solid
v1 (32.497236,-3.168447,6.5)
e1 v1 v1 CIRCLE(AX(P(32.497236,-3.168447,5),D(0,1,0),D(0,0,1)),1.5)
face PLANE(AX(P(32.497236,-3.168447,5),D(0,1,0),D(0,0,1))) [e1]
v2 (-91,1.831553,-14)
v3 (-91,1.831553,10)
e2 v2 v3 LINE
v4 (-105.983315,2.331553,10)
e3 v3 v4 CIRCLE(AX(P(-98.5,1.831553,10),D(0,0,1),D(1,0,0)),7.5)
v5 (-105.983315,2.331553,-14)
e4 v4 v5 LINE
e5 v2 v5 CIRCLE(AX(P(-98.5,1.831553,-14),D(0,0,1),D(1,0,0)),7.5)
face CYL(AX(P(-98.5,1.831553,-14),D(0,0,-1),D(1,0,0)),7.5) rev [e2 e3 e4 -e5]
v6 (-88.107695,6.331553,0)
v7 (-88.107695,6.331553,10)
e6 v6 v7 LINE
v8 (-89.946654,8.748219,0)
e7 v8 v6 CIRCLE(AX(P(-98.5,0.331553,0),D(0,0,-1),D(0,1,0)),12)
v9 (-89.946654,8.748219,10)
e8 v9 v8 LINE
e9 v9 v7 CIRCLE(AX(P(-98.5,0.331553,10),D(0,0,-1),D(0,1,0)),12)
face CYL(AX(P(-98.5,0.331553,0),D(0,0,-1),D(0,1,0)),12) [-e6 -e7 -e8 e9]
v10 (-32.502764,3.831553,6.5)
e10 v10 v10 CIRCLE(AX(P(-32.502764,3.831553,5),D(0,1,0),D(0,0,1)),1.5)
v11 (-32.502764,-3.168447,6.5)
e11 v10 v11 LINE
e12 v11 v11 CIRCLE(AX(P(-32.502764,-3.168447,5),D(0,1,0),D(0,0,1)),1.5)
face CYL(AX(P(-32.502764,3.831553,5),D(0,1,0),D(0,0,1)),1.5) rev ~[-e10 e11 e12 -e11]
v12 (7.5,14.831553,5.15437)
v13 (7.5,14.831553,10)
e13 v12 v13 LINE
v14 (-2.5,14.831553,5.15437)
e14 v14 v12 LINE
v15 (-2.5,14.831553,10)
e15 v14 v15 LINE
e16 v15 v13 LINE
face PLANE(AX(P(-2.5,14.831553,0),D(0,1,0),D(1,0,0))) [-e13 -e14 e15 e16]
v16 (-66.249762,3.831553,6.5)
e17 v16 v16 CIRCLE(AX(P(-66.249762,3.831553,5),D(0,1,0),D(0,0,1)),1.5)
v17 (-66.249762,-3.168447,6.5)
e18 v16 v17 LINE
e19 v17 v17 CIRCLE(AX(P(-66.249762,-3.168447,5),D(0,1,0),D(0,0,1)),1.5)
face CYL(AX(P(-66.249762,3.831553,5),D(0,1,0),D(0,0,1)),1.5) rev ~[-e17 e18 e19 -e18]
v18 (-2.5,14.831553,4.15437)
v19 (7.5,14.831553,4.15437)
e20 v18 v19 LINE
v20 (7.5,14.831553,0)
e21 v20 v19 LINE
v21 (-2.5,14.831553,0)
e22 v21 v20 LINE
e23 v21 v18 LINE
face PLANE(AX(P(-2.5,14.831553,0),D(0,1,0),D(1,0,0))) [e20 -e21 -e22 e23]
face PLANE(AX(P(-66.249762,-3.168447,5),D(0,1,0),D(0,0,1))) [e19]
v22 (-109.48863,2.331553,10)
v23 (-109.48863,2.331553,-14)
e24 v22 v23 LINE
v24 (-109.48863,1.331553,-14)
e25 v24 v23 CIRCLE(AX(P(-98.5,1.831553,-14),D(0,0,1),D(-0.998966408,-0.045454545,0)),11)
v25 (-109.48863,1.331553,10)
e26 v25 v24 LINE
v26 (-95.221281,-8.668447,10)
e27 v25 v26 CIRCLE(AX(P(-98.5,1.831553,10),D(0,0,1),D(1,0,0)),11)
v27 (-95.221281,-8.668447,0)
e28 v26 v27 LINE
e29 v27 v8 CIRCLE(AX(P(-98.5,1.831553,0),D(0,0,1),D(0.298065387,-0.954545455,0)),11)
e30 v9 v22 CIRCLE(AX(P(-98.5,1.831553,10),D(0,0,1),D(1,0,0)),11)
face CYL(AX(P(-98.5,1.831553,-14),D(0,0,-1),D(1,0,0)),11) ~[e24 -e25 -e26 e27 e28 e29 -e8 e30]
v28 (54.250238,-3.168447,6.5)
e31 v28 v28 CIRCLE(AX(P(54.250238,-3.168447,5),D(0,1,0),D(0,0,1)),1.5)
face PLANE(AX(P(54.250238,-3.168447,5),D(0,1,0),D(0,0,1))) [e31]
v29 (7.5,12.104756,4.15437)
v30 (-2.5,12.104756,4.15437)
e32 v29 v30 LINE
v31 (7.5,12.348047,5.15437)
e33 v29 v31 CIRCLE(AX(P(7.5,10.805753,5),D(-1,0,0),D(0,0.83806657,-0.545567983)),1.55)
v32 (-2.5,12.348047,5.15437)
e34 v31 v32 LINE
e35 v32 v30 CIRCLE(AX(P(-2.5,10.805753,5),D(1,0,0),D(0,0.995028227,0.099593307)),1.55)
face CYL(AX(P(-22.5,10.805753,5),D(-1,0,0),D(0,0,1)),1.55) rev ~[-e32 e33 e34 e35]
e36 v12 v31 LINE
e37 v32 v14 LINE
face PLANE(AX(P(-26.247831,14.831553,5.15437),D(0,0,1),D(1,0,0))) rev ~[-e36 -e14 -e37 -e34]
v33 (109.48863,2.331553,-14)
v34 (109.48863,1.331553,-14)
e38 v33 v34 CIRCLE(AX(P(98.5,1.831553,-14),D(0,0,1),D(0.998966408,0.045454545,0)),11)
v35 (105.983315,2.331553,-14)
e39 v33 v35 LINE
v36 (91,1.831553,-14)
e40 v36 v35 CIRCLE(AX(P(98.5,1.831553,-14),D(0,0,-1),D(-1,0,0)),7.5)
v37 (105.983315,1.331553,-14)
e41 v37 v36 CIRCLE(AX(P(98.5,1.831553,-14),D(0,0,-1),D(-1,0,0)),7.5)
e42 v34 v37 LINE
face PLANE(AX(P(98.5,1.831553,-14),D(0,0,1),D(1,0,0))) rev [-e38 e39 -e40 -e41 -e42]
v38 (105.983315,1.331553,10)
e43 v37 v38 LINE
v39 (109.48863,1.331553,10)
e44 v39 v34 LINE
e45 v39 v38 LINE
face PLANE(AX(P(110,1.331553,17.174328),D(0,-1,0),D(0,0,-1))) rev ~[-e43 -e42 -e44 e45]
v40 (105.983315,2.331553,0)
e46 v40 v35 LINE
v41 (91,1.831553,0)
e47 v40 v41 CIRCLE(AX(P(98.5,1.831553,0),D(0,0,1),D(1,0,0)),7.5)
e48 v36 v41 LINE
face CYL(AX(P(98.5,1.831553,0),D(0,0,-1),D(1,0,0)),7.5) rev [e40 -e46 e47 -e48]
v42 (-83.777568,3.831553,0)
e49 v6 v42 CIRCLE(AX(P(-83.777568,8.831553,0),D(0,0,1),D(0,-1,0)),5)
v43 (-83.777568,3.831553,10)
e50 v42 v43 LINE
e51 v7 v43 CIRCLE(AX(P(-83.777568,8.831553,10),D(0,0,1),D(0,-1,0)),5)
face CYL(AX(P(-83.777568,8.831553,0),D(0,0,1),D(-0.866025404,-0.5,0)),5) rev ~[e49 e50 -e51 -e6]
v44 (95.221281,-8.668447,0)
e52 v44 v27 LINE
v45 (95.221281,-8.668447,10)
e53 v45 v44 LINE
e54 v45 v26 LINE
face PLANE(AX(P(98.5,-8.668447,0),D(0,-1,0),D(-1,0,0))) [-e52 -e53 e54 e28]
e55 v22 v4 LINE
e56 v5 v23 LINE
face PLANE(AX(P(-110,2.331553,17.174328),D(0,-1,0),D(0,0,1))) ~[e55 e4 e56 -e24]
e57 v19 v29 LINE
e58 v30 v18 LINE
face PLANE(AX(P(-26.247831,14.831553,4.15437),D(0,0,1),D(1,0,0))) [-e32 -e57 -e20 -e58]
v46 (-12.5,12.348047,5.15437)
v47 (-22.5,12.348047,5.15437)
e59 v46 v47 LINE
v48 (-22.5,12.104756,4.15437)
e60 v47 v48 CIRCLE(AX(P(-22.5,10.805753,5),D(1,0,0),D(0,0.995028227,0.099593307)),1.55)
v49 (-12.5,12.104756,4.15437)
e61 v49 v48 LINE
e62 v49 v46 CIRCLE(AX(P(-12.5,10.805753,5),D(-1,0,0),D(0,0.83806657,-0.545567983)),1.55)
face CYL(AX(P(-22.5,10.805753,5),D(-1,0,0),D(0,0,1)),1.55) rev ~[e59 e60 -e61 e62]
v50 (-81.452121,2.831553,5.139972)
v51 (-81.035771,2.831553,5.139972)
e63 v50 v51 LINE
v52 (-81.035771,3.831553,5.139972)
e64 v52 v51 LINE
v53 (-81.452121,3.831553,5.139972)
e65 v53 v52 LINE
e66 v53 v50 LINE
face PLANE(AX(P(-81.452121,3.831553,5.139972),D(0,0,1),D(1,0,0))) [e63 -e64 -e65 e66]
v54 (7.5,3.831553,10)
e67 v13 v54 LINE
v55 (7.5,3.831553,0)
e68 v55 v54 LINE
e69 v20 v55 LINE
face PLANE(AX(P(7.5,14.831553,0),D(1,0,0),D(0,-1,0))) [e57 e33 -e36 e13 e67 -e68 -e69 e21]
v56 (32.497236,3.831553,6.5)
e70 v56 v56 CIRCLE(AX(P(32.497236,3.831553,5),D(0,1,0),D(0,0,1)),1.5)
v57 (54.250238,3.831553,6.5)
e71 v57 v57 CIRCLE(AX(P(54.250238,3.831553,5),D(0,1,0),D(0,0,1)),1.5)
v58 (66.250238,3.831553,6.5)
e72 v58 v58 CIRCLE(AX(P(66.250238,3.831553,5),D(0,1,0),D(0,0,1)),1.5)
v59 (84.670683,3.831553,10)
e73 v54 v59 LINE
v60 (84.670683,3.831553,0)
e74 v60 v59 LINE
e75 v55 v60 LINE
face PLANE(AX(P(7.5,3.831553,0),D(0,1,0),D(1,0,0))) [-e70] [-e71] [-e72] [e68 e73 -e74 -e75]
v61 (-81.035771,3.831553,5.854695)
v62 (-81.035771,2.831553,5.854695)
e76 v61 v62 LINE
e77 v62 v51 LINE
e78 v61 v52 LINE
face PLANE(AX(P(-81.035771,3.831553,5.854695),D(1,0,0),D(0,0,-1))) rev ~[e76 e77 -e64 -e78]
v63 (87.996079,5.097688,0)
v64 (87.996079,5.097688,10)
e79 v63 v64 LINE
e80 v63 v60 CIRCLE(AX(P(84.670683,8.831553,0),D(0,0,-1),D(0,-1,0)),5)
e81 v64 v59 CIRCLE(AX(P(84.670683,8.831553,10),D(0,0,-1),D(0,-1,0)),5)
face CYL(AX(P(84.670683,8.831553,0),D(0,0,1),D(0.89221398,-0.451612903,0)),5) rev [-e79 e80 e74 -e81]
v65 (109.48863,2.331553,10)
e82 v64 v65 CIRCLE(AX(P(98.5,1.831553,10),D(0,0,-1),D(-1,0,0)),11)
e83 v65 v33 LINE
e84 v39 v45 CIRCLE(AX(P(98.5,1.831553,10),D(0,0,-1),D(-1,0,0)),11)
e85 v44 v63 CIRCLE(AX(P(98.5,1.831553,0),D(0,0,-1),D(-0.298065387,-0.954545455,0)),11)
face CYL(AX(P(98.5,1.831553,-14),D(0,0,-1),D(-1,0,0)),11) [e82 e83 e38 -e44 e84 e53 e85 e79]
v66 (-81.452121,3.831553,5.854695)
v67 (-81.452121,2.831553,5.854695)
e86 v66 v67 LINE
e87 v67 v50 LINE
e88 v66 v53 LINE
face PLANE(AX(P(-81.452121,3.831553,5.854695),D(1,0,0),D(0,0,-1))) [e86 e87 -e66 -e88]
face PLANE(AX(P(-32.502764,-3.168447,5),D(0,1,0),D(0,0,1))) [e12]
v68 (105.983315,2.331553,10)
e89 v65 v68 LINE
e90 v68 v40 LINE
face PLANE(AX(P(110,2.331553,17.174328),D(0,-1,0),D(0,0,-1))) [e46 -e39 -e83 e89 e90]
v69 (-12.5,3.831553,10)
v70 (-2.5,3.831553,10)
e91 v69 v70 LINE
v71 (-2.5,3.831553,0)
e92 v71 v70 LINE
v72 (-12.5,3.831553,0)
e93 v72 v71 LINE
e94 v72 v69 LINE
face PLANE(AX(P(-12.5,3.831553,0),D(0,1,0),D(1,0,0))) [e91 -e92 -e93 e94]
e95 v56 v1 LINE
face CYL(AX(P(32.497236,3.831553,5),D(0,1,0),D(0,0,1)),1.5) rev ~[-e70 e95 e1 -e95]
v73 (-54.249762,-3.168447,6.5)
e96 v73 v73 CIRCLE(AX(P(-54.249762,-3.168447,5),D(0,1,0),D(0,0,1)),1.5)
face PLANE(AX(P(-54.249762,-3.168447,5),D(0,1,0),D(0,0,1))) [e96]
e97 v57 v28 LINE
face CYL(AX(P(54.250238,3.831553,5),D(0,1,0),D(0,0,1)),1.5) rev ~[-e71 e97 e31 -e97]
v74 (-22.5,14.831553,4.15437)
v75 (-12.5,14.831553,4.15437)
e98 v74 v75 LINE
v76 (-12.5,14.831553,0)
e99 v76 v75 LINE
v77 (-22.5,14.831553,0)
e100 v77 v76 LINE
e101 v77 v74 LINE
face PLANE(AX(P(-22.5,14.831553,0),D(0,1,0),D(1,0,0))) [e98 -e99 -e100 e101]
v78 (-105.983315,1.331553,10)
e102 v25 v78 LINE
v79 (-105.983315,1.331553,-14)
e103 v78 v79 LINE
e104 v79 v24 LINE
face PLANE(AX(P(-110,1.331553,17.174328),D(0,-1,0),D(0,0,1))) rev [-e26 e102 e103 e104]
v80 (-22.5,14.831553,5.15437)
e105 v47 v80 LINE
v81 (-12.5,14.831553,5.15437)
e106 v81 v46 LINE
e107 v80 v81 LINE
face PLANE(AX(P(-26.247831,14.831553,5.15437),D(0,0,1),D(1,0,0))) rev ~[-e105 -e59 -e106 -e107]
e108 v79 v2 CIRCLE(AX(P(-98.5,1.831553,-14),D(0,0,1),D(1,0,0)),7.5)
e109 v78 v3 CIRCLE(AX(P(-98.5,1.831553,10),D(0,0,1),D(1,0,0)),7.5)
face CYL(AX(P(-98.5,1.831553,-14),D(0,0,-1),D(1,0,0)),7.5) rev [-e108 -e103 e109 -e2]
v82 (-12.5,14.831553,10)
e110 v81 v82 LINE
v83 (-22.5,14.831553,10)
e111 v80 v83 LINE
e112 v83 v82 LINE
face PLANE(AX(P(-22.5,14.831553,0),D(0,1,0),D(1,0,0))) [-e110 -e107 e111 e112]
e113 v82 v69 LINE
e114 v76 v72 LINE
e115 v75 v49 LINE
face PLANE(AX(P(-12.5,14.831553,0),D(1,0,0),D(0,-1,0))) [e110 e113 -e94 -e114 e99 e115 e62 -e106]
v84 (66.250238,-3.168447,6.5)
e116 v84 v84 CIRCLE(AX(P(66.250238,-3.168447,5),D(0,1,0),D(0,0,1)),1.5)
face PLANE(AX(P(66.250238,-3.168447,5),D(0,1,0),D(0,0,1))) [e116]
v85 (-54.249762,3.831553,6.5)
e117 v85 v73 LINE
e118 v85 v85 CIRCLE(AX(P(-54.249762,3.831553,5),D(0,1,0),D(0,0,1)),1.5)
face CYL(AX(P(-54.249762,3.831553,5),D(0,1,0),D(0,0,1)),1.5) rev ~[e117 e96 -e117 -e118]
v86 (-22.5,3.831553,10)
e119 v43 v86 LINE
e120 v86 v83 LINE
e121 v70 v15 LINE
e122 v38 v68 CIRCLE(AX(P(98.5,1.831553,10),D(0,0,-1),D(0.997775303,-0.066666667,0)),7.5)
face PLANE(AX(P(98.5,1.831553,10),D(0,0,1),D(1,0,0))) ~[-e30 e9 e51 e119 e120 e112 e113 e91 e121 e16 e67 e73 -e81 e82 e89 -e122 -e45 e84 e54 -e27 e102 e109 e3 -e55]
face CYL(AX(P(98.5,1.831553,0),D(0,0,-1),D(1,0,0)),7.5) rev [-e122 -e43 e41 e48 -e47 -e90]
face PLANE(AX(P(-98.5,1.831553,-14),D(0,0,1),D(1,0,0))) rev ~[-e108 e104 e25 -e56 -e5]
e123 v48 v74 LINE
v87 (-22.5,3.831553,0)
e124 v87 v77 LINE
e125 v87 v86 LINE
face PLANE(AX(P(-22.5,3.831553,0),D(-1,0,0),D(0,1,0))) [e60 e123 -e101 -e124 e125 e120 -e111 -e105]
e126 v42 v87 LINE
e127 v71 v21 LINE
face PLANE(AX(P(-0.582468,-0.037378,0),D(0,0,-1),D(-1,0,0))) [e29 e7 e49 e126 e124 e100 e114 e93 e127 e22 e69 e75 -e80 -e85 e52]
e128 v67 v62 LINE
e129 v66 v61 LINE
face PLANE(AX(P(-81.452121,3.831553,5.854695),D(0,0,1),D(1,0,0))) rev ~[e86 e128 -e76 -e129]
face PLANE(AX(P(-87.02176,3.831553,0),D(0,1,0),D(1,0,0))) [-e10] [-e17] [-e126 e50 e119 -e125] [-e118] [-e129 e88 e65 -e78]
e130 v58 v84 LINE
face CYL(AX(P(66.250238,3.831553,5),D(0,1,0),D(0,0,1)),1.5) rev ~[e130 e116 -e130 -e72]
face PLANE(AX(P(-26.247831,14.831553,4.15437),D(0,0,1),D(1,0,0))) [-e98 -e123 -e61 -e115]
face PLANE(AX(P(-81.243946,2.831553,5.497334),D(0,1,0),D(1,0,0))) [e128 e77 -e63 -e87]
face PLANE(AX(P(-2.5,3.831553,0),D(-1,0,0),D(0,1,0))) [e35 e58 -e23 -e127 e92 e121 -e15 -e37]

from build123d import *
from build123d.topology import SkipClean

# Parameters (mm, degrees)
SKETCH2_R           = 7.5
BOSS_EXTRUDE1_DEPTH = 10
FILLET1_R           = 5
BOSS_EXTRUDE2_START = -24
SKETCH3_R           = 11
SKETCH3_R_2         = 7.5
BOSS_EXTRUDE2_DEPTH = 24
CUT_EXTRUDE1_REACH  = 135.566
SKETCH4_R           = 1.55
SKETCH6_W           = 37.11251069
SKETCH6_H           = 1
CUT_EXTRUDE3_DEPTH  = 10
SKETCH7_W           = 36.737317401
SKETCH7_H           = 1
CUT_EXTRUDE4_DEPTH  = 3
FILLET2_R           = 5
SKETCH9_W           = 0.416349778
SKETCH9_H           = 0.714723325
CUT_EXTRUDE6_DEPTH  = 1
SKETCH8_R           = 1.5
CUT_EXTRUDE5_DEPTH  = 7


with BuildPart() as part:
    # Sketch2 → Boss-Extrude1 (new body)
    with BuildSketch(Plane.XY):
        with BuildLine():
            Line((-22.5, 3.831552556), (-22.5, 14.831552556))
            Line((-22.5, 14.831552556), (-12.5, 14.831552556))
            Line((-12.5, 14.831552556), (-12.5, 3.831552556))
            Line((-12.5, 3.831552556), (-2.5, 3.831552556))
            Line((-2.5, 3.831552556), (-2.5, 14.831552556))
            Line((-2.5, 14.831552556), (7.5, 14.831552556))
            Line((7.5, 14.831552556), (7.5, 3.831552556))
            Line((7.5, 3.831552556), (88.192235936, 3.831552556))
            ThreePointArc((88.192235936, 3.831552556), (91.819805392, 9.932478429), (98.5, 12.331552556))
            ThreePointArc((98.5, 12.331552556), (109, 1.831552556), (98.5, -8.668447444))
            Line((98.5, -8.668447444), (-98.5, -8.668447444))
            ThreePointArc((-98.5, -8.668447444), (-109, 1.831552556), (-98.5, 12.331552556))
            ThreePointArc((-98.5, 12.331552556), (-91.358571571, 9.975203317), (-87.021759717, 3.831552556))
            Line((-87.021759717, 3.831552556), (-22.5, 3.831552556))
        make_face()
        with Locations((-98.5, 1.831552556)):
            Circle(SKETCH2_R, mode=Mode.SUBTRACT)
        with Locations((98.5, 1.831552556)):
            Circle(SKETCH2_R, mode=Mode.SUBTRACT)
    extrude(amount=BOSS_EXTRUDE1_DEPTH)

    # Fillet1
    fillet1_edges = [part.edges().sort_by_distance(p)[0] for p in [
        (88.192235936, 3.831552556, 5),
    ]]
    fillet(fillet1_edges, radius=FILLET1_R)

    # Sketch3 → Boss-Extrude2 (add)
    with BuildSketch(Plane.XY.offset(10).offset(BOSS_EXTRUDE2_START)):
        with Locations((-98.5, 1.831552556)):
            Circle(SKETCH3_R)
        with Locations((-98.5, 1.831552556)):
            Circle(SKETCH3_R_2, mode=Mode.SUBTRACT)
    boss_extrude2 = extrude(amount=BOSS_EXTRUDE2_DEPTH)

    # Mirror1: Boss-Extrude2 across plane
    with SkipClean():  # the faces are left unmerged after this step: merging them gives an invalid solid
        add(boss_extrude2.mirror(Plane(origin=(0, 0, 0), x_dir=(0, 0, 1), z_dir=(1, 0, 0))))

    # Cut-Extrude1: up to this face of the body (flat: up to its plane)
    cut_extrude1_end = Plane(part.part.faces().sort_by_distance((7.5, 9.331552556, 5))[0])
    # Sketch4 → Cut-Extrude1 (cut, up to the picked face)
    with BuildSketch(Plane.ZY.offset(22.5), mode=Mode.PRIVATE) as cut_extrude1_sk1:
        with Locations((5, 10.805752832)):
            Circle(SKETCH4_R)
    cut_extrude1_tool1 = split(extrude(cut_extrude1_sk1.sketch, amount=-CUT_EXTRUDE1_REACH, mode=Mode.PRIVATE), bisect_by=cut_extrude1_end, keep=Keep.BOTH, mode=Mode.PRIVATE)
    add(cut_extrude1_tool1.solids().sort_by(Axis((-22.5, 10.805753, 5), (1, 0, 0)))[0], mode=Mode.SUBTRACT)

    # Sketch6 → Cut-Extrude3 (cut)
    with BuildSketch(Plane(origin=(110, 0, 0), x_dir=(0, 0, -1), z_dir=(1, 0, 0))):
        with Locations((1.381927251, 1.831552556)):
            Rectangle(SKETCH6_W, SKETCH6_H)
    cut_extrude3 = extrude(amount=-CUT_EXTRUDE3_DEPTH, mode=Mode.SUBTRACT)

    # Mirror2: Cut-Extrude3 across plane
    add(cut_extrude3.mirror(Plane(origin=(0, 0, 0), x_dir=(0, 0, 1), z_dir=(1, 0, 0))), mode=Mode.SUBTRACT)

    # Sketch7 → Cut-Extrude4 (cut)
    with BuildSketch(Plane(origin=(0, 14.831552556, 0), x_dir=(1, 0, 0), z_dir=(0, 1, 0))):
        with Locations((-7.879171978, -4.654369626)):
            Rectangle(SKETCH7_W, SKETCH7_H)
    extrude(amount=-CUT_EXTRUDE4_DEPTH, mode=Mode.SUBTRACT)

    # Fillet2
    fillet2_edges = [part.edges().sort_by_distance(p)[0] for p in [
        (-87.021759717, 3.831552556, 5),
    ]]
    fillet(fillet2_edges, radius=FILLET2_R)

    # Sketch9 → Cut-Extrude6 (cut)
    with BuildSketch(Plane(origin=(0, 3.831552556, 0), x_dir=(1, 0, 0), z_dir=(0, 1, 0))):
        with Locations((-81.24394575, -5.497333598)):
            Rectangle(SKETCH9_W, SKETCH9_H)
    extrude(amount=-CUT_EXTRUDE6_DEPTH, mode=Mode.SUBTRACT)

    # Sketch8 → Cut-Extrude5 (cut)
    with BuildSketch(Plane(origin=(0, 3.831552556, 0), x_dir=(1, 0, 0), z_dir=(0, 1, 0))):
        with Locations(Location((-66.24976189, -5, 0), (0, 0, 270))):
            Circle(SKETCH8_R)
        with Locations(Location((-54.24976189, -5, 0), (0, 0, 270))):
            Circle(SKETCH8_R)
        with Locations(Location((-32.502764064, -5, 0), (0, 0, 270))):
            Circle(SKETCH8_R)
        with Locations(Location((32.497235936, -5, 0), (0, 0, 270))):
            Circle(SKETCH8_R)
        with Locations(Location((54.25023811, -5, 0), (0, 0, 270))):
            Circle(SKETCH8_R)
        with Locations(Location((66.25023811, -5, 0), (0, 0, 270))):
            Circle(SKETCH8_R)
    extrude(amount=-CUT_EXTRUDE5_DEPTH, mode=Mode.SUBTRACT)


solid = part.part
